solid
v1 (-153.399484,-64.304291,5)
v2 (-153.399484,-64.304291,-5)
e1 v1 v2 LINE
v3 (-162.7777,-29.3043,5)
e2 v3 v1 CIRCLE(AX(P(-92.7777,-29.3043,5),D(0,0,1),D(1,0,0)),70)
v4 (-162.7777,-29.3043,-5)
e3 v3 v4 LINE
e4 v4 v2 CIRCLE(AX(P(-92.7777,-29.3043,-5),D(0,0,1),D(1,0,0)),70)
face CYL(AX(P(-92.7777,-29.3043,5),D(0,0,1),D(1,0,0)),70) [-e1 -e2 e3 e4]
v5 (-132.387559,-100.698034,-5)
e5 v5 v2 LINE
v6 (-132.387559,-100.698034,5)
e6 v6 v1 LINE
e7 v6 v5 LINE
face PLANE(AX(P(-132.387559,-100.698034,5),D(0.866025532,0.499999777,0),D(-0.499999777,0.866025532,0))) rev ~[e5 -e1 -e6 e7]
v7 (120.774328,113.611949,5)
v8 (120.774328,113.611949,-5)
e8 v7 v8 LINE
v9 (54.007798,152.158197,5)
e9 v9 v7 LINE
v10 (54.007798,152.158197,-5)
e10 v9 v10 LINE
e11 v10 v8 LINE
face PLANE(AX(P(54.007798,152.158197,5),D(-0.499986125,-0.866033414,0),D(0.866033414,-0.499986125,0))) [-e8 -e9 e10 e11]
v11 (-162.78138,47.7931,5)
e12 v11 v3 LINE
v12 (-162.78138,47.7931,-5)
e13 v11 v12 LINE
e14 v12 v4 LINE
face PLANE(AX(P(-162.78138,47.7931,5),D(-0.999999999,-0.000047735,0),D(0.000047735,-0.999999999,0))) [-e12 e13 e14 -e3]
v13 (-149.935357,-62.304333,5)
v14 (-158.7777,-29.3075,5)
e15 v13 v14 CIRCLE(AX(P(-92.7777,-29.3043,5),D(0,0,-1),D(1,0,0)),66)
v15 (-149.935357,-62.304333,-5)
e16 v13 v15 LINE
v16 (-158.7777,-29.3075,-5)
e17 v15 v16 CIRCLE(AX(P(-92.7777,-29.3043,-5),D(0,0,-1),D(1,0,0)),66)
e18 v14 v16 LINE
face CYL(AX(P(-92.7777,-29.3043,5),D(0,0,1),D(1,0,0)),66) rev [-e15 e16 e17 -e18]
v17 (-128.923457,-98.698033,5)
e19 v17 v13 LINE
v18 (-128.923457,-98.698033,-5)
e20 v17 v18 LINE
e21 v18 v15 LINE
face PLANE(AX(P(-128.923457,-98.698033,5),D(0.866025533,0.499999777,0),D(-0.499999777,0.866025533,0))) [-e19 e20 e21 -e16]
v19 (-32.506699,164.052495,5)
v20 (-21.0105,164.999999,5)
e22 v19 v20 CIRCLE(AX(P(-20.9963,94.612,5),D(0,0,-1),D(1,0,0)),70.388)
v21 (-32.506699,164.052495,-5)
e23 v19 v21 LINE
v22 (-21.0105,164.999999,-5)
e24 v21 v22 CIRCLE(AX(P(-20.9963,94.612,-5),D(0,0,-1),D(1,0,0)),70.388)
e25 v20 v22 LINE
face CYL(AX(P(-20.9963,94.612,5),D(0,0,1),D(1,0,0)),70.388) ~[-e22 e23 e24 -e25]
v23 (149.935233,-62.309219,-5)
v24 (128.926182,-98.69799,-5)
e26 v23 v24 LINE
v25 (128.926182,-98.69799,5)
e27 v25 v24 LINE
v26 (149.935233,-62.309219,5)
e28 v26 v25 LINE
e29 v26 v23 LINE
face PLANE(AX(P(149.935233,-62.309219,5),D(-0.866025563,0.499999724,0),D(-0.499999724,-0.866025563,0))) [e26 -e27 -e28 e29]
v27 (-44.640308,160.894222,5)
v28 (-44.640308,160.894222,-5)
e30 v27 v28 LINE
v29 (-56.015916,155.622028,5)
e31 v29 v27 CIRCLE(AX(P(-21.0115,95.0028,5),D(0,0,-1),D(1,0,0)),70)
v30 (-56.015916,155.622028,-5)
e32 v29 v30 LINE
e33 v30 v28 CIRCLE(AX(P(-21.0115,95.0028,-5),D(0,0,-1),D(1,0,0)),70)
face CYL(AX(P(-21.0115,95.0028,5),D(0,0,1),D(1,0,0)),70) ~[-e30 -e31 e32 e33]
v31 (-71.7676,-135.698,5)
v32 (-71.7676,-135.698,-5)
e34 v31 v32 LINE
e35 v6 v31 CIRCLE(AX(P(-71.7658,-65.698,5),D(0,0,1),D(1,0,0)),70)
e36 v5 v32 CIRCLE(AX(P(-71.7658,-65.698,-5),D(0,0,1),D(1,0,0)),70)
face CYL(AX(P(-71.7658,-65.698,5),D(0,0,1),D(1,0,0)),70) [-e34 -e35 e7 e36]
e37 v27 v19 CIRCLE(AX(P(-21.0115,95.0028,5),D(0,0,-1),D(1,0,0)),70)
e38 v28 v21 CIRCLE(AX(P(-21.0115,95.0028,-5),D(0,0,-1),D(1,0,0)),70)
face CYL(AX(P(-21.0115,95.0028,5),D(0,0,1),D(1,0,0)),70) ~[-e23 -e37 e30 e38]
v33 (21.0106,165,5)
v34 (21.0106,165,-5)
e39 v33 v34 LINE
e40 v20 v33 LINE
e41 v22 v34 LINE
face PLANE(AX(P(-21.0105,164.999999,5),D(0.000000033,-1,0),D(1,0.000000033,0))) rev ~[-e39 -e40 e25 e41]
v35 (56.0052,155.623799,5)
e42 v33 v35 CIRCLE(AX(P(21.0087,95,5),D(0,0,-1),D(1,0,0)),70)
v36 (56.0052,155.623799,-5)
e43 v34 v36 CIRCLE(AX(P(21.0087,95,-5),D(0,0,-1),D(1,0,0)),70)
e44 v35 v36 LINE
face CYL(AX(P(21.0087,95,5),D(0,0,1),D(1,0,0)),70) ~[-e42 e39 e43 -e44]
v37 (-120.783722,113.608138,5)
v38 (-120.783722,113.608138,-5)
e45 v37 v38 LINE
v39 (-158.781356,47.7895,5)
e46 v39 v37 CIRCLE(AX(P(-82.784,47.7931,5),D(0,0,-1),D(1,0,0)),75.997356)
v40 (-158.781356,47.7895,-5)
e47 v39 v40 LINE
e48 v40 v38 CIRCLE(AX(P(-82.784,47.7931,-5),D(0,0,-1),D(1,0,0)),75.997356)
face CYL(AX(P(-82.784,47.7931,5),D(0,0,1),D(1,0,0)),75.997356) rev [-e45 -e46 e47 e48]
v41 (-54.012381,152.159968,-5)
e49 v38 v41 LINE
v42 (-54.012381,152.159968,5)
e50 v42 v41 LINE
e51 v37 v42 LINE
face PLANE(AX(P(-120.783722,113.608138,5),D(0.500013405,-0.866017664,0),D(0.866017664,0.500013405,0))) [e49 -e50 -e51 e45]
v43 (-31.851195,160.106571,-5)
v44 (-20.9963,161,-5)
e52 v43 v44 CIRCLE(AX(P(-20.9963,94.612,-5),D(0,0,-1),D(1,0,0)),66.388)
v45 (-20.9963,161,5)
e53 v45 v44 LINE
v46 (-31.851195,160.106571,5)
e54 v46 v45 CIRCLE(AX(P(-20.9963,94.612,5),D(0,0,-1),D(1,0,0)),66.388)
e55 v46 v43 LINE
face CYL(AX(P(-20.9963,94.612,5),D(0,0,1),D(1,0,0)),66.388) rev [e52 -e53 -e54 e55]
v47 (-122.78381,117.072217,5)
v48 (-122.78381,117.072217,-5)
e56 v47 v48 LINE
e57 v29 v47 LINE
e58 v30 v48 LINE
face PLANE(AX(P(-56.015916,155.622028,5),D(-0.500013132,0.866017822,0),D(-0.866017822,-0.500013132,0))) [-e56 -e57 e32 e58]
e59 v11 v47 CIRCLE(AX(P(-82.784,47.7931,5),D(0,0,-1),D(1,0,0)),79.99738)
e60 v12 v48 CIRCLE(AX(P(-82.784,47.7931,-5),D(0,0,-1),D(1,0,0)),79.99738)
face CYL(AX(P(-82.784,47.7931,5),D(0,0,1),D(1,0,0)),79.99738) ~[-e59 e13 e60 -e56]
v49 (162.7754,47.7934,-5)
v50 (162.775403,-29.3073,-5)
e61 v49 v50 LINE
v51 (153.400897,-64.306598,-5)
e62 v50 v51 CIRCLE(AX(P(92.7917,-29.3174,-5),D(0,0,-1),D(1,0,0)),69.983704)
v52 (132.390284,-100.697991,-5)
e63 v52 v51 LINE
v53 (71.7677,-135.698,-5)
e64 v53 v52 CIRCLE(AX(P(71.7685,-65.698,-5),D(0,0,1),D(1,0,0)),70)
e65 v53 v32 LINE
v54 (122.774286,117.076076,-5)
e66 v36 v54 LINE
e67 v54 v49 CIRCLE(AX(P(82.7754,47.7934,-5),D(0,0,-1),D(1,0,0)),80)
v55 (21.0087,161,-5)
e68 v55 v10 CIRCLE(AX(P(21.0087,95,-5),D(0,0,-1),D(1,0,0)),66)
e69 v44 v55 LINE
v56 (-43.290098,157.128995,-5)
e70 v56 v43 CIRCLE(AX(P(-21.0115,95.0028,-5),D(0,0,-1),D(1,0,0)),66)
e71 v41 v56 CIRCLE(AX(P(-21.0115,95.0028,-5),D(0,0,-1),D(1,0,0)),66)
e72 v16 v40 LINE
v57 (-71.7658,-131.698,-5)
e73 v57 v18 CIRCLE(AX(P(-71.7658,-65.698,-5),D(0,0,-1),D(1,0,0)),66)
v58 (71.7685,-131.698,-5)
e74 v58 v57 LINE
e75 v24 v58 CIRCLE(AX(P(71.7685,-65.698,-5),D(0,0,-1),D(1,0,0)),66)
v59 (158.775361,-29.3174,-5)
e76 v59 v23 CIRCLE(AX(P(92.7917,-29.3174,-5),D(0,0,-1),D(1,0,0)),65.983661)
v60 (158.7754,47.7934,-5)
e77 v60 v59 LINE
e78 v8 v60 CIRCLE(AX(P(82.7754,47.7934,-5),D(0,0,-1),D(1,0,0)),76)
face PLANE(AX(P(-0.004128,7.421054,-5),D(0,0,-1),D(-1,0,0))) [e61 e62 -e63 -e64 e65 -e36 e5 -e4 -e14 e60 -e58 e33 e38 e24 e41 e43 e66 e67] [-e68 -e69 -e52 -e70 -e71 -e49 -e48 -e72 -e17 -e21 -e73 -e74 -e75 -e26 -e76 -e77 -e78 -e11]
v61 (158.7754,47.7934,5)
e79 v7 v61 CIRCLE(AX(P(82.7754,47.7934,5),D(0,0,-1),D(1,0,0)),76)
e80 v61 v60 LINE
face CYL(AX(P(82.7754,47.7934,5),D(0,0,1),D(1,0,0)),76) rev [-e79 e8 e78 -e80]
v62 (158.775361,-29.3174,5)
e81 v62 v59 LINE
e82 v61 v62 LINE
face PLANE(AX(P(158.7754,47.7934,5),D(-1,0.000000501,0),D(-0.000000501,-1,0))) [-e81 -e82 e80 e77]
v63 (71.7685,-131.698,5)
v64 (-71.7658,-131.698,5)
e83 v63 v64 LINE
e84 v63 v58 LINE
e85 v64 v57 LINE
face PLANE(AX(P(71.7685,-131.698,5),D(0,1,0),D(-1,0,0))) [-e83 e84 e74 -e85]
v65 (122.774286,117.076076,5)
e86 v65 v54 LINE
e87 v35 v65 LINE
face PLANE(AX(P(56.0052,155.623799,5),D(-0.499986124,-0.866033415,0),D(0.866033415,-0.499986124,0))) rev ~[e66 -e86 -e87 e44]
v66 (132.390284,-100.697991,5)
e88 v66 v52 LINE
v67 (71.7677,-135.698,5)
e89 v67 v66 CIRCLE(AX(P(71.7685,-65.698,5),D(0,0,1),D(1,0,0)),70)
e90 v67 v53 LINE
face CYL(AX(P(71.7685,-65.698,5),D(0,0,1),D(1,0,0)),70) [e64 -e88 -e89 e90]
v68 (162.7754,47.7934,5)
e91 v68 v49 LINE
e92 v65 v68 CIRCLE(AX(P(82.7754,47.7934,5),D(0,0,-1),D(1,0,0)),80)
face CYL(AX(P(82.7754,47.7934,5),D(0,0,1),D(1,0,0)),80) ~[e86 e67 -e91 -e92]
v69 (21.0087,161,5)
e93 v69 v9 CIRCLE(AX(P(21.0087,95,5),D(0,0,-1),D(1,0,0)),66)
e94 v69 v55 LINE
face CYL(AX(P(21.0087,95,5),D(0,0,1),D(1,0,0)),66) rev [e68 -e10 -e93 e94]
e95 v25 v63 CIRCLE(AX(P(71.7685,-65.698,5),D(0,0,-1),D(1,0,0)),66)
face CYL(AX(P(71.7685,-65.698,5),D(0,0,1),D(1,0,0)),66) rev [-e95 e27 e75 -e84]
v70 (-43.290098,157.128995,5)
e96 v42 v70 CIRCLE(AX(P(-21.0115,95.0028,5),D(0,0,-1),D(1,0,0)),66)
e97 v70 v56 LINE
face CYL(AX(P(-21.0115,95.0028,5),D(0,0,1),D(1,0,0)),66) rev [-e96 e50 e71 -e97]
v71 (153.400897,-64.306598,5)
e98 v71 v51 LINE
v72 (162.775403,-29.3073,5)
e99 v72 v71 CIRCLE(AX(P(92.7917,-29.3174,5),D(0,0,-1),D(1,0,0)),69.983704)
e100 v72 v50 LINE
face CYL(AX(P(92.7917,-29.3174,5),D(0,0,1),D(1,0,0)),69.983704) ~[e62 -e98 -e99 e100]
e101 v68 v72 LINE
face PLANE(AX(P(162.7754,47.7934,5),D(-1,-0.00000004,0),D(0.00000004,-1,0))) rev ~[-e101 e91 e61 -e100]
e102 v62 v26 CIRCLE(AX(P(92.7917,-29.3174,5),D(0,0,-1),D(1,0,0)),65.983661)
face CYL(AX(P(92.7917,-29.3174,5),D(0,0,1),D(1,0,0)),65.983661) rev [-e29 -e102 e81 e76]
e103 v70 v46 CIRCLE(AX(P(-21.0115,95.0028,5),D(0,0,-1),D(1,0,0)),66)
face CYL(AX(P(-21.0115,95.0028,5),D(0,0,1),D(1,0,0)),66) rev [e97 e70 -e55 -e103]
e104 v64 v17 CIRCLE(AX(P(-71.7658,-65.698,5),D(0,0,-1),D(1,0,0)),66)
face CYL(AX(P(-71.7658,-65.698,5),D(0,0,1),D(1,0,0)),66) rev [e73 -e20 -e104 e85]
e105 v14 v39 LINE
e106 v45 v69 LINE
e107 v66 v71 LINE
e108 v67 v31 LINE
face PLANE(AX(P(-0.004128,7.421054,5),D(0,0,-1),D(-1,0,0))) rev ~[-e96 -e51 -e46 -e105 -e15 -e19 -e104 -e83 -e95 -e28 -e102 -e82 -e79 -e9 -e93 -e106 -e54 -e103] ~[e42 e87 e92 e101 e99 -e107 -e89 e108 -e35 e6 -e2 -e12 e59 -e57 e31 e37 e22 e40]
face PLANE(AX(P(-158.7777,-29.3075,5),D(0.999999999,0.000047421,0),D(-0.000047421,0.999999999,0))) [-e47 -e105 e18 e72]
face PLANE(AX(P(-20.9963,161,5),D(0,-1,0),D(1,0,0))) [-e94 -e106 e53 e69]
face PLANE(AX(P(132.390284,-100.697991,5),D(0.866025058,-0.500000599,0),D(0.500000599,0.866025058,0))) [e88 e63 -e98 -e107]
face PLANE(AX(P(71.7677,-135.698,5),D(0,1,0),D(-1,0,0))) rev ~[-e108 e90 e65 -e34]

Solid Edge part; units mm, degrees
sketch "Sketch1" plane through (0.0007, 14.651, 5) normal (0, 0, 1) x (1, 0, 0)
  line L0 (54.0071, 137.5072) -> (120.7736, 98.9609)
  arc A0 (120.7736, 98.9609) -> (158.7747, 33.1424) centre (82.7747, 33.1424) cw
  line L1 (158.7747, 33.1424) -> (158.7747, -43.9684)
  arc A1 (158.7747, -43.9684) -> (149.9345, -76.9602) centre (92.791, -43.9684) cw
  line L2 (149.9345, -76.9602) -> (128.9255, -113.349)
  arc A2 (128.9255, -113.349) -> (71.7678, -146.349) centre (71.7678, -80.349) cw
  line L3 (71.7678, -146.349) -> (-71.7665, -146.349)
  arc A3 (-71.7665, -146.349) -> (-128.9241, -113.349) centre (-71.7665, -80.349) cw
  line L4 (-128.9241, -113.349) -> (-149.936, -76.9553)
  arc A4 (-149.936, -76.9553) -> (-158.7784, -43.9585) centre (-92.7784, -43.9553) cw
  line L5 (-158.7784, -43.9585) -> (-158.7821, 33.1385)
  arc A5 (-158.7821, 33.1385) -> (-120.7844, 98.9571) centre (-82.7847, 33.1421) cw
  line L6 (-120.7844, 98.9571) -> (-54.0131, 137.509)
  arc A6 (-54.0131, 137.509) -> (-43.2908, 142.478) centre (-21.0122, 80.3518) cw
  arc A7 (-43.2908, 142.478) -> (-31.8519, 145.4556) centre (-21.0122, 80.3518) cw
  arc A8 (-31.8519, 145.4556) -> (-20.997, 146.349) centre (-20.997, 79.961) cw
  line L7 (-20.997, 146.349) -> (21.008, 146.349)
  arc A9 (21.008, 146.349) -> (54.0071, 137.5072) centre (21.008, 80.349) cw
  line L8 (56.0045, 140.9728) -> (122.7736, 102.4251)
  arc A10 (122.7736, 102.4251) -> (162.7747, 33.1424) centre (82.7747, 33.1424) cw
  line L9 (162.7747, 33.1424) -> (162.7747, -43.9583)
  arc A11 (162.7747, -43.9583) -> (153.4002, -78.9576) centre (92.791, -43.9684) cw
  line L10 (132.3896, -115.349) -> (153.4002, -78.9576)
  arc A12 (71.767, -150.349) -> (132.3896, -115.349) centre (71.7678, -80.349) ccw
  line L11 (71.767, -150.349) -> (-71.7683, -150.349)
  arc A13 (-132.3882, -115.349) -> (-71.7683, -150.349) centre (-71.7665, -80.349) ccw
  line L12 (-132.3882, -115.349) -> (-153.4002, -78.9553)
  arc A14 (-162.7784, -43.9553) -> (-153.4002, -78.9553) centre (-92.7784, -43.9553) ccw
  line L13 (-162.7821, 33.1421) -> (-162.7784, -43.9553)
  arc A15 (-162.7821, 33.1421) -> (-122.7845, 102.4212) centre (-82.7847, 33.1421) cw
  line L14 (-56.0166, 140.971) -> (-122.7845, 102.4212)
  arc A16 (-56.0166, 140.971) -> (-44.641, 146.2432) centre (-21.0122, 80.3518) cw
  arc A17 (-44.641, 146.2432) -> (-32.5074, 149.4015) centre (-21.0122, 80.3518) cw
  arc A18 (-32.5074, 149.4015) -> (-21.0112, 150.349) centre (-20.997, 79.961) cw
  line L15 (-21.0112, 150.349) -> (21.0099, 150.349)
  arc A19 (21.0099, 150.349) -> (56.0045, 140.9728) centre (21.008, 80.349) cw
  dimension "D1" = 4
extrude "Protrusion1" add sketch "Sketch1" against normal blind 10
properties material "Silicone"
